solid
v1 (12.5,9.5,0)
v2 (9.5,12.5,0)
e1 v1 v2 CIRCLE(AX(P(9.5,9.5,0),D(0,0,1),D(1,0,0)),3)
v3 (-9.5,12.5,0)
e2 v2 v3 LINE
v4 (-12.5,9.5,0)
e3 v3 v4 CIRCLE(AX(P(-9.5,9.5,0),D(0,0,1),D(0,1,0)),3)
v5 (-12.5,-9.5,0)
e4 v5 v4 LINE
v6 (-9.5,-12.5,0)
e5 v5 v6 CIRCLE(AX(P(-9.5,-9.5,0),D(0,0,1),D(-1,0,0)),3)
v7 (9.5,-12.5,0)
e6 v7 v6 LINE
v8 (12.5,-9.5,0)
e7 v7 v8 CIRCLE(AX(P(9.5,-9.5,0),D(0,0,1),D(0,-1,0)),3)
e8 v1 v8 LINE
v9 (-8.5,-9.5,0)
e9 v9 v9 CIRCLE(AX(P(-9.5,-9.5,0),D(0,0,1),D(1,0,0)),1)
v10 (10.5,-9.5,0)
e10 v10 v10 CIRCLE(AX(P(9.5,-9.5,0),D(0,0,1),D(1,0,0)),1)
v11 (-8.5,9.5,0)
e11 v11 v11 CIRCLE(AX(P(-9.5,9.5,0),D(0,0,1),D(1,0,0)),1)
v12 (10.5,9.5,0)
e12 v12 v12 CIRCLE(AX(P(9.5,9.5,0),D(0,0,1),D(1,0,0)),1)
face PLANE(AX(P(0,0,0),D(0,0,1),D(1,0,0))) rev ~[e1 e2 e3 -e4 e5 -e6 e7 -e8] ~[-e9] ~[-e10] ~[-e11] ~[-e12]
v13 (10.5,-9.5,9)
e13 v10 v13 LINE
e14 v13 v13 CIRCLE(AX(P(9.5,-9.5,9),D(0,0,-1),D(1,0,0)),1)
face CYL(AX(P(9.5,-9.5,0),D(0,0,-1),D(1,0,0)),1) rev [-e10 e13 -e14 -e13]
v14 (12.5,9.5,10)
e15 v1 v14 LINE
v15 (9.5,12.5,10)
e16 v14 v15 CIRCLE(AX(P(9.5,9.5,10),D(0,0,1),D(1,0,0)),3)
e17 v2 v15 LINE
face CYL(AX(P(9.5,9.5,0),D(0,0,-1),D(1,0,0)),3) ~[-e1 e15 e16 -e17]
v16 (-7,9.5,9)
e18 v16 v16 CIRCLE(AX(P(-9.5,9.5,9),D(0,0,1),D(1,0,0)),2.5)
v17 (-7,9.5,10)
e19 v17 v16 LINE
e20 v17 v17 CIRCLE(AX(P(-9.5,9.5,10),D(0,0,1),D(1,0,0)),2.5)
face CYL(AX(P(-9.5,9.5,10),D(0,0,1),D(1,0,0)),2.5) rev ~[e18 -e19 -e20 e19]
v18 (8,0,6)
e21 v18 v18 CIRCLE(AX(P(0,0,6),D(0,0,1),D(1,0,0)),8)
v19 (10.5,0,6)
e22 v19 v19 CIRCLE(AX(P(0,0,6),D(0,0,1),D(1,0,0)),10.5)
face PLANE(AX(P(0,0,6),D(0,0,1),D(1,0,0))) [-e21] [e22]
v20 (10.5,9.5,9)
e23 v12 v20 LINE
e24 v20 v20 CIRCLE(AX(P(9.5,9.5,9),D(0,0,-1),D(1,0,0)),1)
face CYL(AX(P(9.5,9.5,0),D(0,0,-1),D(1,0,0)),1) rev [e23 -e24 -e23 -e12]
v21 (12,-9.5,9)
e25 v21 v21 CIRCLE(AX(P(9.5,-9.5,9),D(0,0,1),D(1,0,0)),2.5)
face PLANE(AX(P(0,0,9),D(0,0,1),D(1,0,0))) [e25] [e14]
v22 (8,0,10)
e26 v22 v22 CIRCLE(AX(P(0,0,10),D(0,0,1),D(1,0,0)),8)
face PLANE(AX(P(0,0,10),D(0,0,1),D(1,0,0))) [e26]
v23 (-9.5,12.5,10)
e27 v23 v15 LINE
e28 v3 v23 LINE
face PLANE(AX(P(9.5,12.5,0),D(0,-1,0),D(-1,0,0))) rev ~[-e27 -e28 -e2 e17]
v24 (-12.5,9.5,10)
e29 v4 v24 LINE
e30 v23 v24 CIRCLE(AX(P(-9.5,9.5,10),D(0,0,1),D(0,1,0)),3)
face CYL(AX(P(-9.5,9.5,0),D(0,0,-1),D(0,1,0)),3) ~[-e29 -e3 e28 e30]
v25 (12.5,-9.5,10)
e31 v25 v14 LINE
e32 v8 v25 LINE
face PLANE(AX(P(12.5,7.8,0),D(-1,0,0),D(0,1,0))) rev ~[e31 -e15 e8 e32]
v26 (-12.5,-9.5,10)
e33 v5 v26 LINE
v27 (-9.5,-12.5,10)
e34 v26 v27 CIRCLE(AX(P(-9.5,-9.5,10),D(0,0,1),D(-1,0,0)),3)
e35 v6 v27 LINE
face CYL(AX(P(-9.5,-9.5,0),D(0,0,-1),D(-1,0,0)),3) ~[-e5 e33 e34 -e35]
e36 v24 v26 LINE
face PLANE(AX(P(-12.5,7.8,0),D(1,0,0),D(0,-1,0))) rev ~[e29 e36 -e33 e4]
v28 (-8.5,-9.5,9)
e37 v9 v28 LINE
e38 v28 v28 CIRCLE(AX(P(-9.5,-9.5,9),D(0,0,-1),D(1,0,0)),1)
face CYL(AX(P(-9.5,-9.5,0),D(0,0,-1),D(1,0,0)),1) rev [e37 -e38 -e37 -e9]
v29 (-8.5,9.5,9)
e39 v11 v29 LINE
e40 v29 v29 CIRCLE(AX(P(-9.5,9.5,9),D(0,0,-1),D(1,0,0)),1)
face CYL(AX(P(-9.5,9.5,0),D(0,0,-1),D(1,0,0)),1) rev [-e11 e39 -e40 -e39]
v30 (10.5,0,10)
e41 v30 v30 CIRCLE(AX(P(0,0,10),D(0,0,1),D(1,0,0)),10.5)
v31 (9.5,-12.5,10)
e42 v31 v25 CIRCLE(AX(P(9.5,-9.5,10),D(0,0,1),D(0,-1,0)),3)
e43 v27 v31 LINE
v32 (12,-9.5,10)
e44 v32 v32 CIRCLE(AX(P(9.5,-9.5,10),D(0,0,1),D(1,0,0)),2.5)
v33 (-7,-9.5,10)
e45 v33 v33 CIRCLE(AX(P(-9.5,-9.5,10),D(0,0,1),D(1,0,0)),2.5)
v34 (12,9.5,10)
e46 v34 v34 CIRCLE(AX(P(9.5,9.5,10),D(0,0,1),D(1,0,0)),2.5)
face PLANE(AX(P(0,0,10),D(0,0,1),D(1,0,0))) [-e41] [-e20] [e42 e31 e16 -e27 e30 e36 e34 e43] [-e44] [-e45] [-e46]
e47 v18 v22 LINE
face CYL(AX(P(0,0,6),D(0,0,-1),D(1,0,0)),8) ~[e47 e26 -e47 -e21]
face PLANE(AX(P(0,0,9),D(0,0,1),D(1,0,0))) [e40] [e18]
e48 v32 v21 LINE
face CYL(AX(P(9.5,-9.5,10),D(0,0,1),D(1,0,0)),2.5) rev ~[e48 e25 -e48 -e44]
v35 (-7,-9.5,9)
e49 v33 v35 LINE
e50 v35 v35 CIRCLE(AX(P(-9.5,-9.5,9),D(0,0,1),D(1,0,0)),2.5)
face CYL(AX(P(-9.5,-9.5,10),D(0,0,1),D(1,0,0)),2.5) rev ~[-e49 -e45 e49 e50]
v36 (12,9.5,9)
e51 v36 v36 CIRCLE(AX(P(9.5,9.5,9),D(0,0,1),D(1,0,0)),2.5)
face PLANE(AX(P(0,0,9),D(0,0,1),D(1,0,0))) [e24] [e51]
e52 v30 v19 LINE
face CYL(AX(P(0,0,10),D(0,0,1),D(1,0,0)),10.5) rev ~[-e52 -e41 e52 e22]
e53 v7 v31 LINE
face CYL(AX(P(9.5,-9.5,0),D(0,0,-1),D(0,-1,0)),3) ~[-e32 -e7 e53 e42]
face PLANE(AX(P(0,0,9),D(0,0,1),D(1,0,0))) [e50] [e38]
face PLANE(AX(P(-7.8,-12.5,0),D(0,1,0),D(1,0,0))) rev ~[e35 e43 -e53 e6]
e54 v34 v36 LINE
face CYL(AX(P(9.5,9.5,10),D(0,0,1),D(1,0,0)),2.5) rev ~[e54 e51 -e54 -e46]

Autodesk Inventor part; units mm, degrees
ref_plane "YZ Plane" through (0, 0, 0) normal (1, 0, 0) x (0, 1, 0)
ref_plane "XZ Plane" through (0, 0, 0) normal (0, 1, 0) x (-1, 0, 0)
ref_plane "XY Plane" through (0, 0, 0) normal (0, 0, 1) x (1, 0, 0)
sketch "Sketch1" plane through (0, 0, 0) normal (0, 0, 1) x (1, 0, 0)
  circle A0 centre (9.5, 9.5) radius 1 projected
  arc A1 (12.2, 7.5) -> (12.5, 7.8) centre (12.2, 7.8) ccw projected
  line L0 (12.5, 7.8) -> (12.5, 12.2) projected
  arc A2 (12.5, 12.2) -> (12.2, 12.5) centre (12.2, 12.2) ccw projected
  line L1 (12.2, 12.5) -> (7.8, 12.5) projected
  arc A3 (7.8, 12.5) -> (7.5, 12.2) centre (7.8, 12.2) ccw projected
  line L2 (7.5, 12.2) -> (7.5, 7.8) projected
  arc A4 (7.5, 7.8) -> (7.8, 7.5) centre (7.8, 7.8) ccw projected
  line L3 (7.8, 7.5) -> (12.2, 7.5) projected
  circle A5 centre (9.5, -9.5) radius 1 projected
  arc A6 (12.5, -7.8) -> (12.2, -7.5) centre (12.2, -7.8) ccw projected
  line L4 (12.2, -7.5) -> (7.8, -7.5) projected
  arc A7 (7.8, -7.5) -> (7.5, -7.8) centre (7.8, -7.8) ccw projected
  line L5 (7.5, -7.8) -> (7.5, -12.2) projected
  arc A8 (7.5, -12.2) -> (7.8, -12.5) centre (7.8, -12.2) ccw projected
  line L6 (7.8, -12.5) -> (12.2, -12.5) projected
  arc A9 (12.2, -12.5) -> (12.5, -12.2) centre (12.2, -12.2) ccw projected
  line L7 (12.5, -12.2) -> (12.5, -7.8) projected
  circle A10 centre (-9.5, -9.5) radius 1 projected
  arc A11 (-12.2, -7.5) -> (-12.5, -7.8) centre (-12.2, -7.8) ccw projected
  line L8 (-12.5, -7.8) -> (-12.5, -12.2) projected
  arc A12 (-12.5, -12.2) -> (-12.2, -12.5) centre (-12.2, -12.2) ccw projected
  line L9 (-12.2, -12.5) -> (-7.8, -12.5) projected
  arc A13 (-7.8, -12.5) -> (-7.5, -12.2) centre (-7.8, -12.2) ccw projected
  line L10 (-7.5, -12.2) -> (-7.5, -7.8) projected
  arc A14 (-7.5, -7.8) -> (-7.8, -7.5) centre (-7.8, -7.8) ccw projected
  line L11 (-7.8, -7.5) -> (-12.2, -7.5) projected
  circle A15 centre (-9.5, 9.5) radius 1 projected
  arc A16 (-12.5, 7.8) -> (-12.2, 7.5) centre (-12.2, 7.8) ccw projected
  line L12 (-12.2, 7.5) -> (-7.8, 7.5) projected
  arc A17 (-7.8, 7.5) -> (-7.5, 7.8) centre (-7.8, 7.8) ccw projected
  line L13 (-7.5, 7.8) -> (-7.5, 12.2) projected
  arc A18 (-7.5, 12.2) -> (-7.8, 12.5) centre (-7.8, 12.2) ccw projected
  line L14 (-7.8, 12.5) -> (-12.2, 12.5) projected
  arc A19 (-12.2, 12.5) -> (-12.5, 12.2) centre (-12.2, 12.2) ccw projected
  line L15 (-12.5, 12.2) -> (-12.5, 7.8) projected
  line L16 (9.5, 12.5) -> (-9.5, 12.5)
  line L17 (-12.5, 9.5) -> (-12.5, -9.5)
  line L18 (-9.5, -12.5) -> (9.5, -12.5)
  line L19 (12.5, -9.5) -> (12.5, 9.5)
  line L20 (12.5, 12.5) -> (-12.5, -12.5) construction
  line L21 (-12.5, 12.5) -> (12.5, -12.5) construction
  arc A20 (12.5, 9.5) -> (9.5, 12.5) centre (9.5, 9.5) ccw
  arc A21 (-9.5, 12.5) -> (-12.5, 9.5) centre (-9.5, 9.5) ccw
  arc A22 (-12.5, -9.5) -> (-9.5, -12.5) centre (-9.5, -9.5) ccw
  arc A23 (9.5, -12.5) -> (12.5, -9.5) centre (9.5, -9.5) ccw
  point P0 (0, 0)
  point P1 (0, 0)
  point P2 (-9.5, 12.5)
  point P3 (-12.5, -9.5)
  point P4 (-12.5, -9.5)
  dimension "d0" = 25
  dimension "d1" = 25
  dimension "d2" = 3
extrude "Extrusion1" add sketch "Sketch1" along normal blind 10 contours L3 A4 L2 A3 L1 A20 L0 A1 | A1 L19 A6 L4 A7 L5 A8 L18 A13 L10 A14 L11 A11 L17 A16 L12 A17 L13 A18 L16 A3 L2 A4 L3 | L7 A23 L6 A8 L5 A7 L4 A6 | A18 L13 A17 L12 A16 L15 A21 L14 | L9 A22 L8 A11 L11 A14 L10 A13
sketch "Sketch2" plane through (0, 0, 10) normal (0, 0, 1) x (1, 0, 0)
  circle A0 centre (0, 0) radius 10.5
  dimension "d5" = 21
extrude "Extrusion2" cut sketch "Sketch2" against normal blind 4
sketch "Sketch3" plane through (0, 0, 6) normal (0, 0, 1) x (1, 0, 0)
  circle A0 centre (0, 0) radius 8
  dimension "d8" = 16
extrude "Extrusion3" add sketch "Sketch3" along normal up to surface (4 mm away)
sketch "Sketch4" plane through (0, 0, 10) normal (0, 0, 1) x (1, 0, 0)
  circle A0 centre (9.5, -9.5) radius 1 projected
  circle A1 centre (-9.5, -9.5) radius 1 projected
  circle A2 centre (-9.5, 9.5) radius 1 projected
  circle A3 centre (9.5, 9.5) radius 1 projected
  circle A4 centre (9.5, -9.5) radius 2.5
  line L0 (-9.5, -12.5) -> (9.5, -12.5) projected
  line L1 (12.5, -9.5) -> (12.5, 9.5) projected
  circle A5 centre (-9.5, -9.5) radius 2.5
  circle A6 centre (9.5, 9.5) radius 2.5
  circle A7 centre (-9.5, 9.5) radius 2.5
  point P0 (0, 0)
  dimension "d11" = 5
  dimension "d12" = 19
  dimension "d13" = 19
  dimension "d16" = 19
  dimension "d19" = 19
extrude "Extrusion4" cut sketch "Sketch4" against normal blind 1 contours A0 | A1 | A2 | A3 | A4 | A5 | A6 | A7
equation "\"d16\" = d12"
equation "\"d19\" = d13"
properties part number "fan" material "Polyethylene, Low Density"
